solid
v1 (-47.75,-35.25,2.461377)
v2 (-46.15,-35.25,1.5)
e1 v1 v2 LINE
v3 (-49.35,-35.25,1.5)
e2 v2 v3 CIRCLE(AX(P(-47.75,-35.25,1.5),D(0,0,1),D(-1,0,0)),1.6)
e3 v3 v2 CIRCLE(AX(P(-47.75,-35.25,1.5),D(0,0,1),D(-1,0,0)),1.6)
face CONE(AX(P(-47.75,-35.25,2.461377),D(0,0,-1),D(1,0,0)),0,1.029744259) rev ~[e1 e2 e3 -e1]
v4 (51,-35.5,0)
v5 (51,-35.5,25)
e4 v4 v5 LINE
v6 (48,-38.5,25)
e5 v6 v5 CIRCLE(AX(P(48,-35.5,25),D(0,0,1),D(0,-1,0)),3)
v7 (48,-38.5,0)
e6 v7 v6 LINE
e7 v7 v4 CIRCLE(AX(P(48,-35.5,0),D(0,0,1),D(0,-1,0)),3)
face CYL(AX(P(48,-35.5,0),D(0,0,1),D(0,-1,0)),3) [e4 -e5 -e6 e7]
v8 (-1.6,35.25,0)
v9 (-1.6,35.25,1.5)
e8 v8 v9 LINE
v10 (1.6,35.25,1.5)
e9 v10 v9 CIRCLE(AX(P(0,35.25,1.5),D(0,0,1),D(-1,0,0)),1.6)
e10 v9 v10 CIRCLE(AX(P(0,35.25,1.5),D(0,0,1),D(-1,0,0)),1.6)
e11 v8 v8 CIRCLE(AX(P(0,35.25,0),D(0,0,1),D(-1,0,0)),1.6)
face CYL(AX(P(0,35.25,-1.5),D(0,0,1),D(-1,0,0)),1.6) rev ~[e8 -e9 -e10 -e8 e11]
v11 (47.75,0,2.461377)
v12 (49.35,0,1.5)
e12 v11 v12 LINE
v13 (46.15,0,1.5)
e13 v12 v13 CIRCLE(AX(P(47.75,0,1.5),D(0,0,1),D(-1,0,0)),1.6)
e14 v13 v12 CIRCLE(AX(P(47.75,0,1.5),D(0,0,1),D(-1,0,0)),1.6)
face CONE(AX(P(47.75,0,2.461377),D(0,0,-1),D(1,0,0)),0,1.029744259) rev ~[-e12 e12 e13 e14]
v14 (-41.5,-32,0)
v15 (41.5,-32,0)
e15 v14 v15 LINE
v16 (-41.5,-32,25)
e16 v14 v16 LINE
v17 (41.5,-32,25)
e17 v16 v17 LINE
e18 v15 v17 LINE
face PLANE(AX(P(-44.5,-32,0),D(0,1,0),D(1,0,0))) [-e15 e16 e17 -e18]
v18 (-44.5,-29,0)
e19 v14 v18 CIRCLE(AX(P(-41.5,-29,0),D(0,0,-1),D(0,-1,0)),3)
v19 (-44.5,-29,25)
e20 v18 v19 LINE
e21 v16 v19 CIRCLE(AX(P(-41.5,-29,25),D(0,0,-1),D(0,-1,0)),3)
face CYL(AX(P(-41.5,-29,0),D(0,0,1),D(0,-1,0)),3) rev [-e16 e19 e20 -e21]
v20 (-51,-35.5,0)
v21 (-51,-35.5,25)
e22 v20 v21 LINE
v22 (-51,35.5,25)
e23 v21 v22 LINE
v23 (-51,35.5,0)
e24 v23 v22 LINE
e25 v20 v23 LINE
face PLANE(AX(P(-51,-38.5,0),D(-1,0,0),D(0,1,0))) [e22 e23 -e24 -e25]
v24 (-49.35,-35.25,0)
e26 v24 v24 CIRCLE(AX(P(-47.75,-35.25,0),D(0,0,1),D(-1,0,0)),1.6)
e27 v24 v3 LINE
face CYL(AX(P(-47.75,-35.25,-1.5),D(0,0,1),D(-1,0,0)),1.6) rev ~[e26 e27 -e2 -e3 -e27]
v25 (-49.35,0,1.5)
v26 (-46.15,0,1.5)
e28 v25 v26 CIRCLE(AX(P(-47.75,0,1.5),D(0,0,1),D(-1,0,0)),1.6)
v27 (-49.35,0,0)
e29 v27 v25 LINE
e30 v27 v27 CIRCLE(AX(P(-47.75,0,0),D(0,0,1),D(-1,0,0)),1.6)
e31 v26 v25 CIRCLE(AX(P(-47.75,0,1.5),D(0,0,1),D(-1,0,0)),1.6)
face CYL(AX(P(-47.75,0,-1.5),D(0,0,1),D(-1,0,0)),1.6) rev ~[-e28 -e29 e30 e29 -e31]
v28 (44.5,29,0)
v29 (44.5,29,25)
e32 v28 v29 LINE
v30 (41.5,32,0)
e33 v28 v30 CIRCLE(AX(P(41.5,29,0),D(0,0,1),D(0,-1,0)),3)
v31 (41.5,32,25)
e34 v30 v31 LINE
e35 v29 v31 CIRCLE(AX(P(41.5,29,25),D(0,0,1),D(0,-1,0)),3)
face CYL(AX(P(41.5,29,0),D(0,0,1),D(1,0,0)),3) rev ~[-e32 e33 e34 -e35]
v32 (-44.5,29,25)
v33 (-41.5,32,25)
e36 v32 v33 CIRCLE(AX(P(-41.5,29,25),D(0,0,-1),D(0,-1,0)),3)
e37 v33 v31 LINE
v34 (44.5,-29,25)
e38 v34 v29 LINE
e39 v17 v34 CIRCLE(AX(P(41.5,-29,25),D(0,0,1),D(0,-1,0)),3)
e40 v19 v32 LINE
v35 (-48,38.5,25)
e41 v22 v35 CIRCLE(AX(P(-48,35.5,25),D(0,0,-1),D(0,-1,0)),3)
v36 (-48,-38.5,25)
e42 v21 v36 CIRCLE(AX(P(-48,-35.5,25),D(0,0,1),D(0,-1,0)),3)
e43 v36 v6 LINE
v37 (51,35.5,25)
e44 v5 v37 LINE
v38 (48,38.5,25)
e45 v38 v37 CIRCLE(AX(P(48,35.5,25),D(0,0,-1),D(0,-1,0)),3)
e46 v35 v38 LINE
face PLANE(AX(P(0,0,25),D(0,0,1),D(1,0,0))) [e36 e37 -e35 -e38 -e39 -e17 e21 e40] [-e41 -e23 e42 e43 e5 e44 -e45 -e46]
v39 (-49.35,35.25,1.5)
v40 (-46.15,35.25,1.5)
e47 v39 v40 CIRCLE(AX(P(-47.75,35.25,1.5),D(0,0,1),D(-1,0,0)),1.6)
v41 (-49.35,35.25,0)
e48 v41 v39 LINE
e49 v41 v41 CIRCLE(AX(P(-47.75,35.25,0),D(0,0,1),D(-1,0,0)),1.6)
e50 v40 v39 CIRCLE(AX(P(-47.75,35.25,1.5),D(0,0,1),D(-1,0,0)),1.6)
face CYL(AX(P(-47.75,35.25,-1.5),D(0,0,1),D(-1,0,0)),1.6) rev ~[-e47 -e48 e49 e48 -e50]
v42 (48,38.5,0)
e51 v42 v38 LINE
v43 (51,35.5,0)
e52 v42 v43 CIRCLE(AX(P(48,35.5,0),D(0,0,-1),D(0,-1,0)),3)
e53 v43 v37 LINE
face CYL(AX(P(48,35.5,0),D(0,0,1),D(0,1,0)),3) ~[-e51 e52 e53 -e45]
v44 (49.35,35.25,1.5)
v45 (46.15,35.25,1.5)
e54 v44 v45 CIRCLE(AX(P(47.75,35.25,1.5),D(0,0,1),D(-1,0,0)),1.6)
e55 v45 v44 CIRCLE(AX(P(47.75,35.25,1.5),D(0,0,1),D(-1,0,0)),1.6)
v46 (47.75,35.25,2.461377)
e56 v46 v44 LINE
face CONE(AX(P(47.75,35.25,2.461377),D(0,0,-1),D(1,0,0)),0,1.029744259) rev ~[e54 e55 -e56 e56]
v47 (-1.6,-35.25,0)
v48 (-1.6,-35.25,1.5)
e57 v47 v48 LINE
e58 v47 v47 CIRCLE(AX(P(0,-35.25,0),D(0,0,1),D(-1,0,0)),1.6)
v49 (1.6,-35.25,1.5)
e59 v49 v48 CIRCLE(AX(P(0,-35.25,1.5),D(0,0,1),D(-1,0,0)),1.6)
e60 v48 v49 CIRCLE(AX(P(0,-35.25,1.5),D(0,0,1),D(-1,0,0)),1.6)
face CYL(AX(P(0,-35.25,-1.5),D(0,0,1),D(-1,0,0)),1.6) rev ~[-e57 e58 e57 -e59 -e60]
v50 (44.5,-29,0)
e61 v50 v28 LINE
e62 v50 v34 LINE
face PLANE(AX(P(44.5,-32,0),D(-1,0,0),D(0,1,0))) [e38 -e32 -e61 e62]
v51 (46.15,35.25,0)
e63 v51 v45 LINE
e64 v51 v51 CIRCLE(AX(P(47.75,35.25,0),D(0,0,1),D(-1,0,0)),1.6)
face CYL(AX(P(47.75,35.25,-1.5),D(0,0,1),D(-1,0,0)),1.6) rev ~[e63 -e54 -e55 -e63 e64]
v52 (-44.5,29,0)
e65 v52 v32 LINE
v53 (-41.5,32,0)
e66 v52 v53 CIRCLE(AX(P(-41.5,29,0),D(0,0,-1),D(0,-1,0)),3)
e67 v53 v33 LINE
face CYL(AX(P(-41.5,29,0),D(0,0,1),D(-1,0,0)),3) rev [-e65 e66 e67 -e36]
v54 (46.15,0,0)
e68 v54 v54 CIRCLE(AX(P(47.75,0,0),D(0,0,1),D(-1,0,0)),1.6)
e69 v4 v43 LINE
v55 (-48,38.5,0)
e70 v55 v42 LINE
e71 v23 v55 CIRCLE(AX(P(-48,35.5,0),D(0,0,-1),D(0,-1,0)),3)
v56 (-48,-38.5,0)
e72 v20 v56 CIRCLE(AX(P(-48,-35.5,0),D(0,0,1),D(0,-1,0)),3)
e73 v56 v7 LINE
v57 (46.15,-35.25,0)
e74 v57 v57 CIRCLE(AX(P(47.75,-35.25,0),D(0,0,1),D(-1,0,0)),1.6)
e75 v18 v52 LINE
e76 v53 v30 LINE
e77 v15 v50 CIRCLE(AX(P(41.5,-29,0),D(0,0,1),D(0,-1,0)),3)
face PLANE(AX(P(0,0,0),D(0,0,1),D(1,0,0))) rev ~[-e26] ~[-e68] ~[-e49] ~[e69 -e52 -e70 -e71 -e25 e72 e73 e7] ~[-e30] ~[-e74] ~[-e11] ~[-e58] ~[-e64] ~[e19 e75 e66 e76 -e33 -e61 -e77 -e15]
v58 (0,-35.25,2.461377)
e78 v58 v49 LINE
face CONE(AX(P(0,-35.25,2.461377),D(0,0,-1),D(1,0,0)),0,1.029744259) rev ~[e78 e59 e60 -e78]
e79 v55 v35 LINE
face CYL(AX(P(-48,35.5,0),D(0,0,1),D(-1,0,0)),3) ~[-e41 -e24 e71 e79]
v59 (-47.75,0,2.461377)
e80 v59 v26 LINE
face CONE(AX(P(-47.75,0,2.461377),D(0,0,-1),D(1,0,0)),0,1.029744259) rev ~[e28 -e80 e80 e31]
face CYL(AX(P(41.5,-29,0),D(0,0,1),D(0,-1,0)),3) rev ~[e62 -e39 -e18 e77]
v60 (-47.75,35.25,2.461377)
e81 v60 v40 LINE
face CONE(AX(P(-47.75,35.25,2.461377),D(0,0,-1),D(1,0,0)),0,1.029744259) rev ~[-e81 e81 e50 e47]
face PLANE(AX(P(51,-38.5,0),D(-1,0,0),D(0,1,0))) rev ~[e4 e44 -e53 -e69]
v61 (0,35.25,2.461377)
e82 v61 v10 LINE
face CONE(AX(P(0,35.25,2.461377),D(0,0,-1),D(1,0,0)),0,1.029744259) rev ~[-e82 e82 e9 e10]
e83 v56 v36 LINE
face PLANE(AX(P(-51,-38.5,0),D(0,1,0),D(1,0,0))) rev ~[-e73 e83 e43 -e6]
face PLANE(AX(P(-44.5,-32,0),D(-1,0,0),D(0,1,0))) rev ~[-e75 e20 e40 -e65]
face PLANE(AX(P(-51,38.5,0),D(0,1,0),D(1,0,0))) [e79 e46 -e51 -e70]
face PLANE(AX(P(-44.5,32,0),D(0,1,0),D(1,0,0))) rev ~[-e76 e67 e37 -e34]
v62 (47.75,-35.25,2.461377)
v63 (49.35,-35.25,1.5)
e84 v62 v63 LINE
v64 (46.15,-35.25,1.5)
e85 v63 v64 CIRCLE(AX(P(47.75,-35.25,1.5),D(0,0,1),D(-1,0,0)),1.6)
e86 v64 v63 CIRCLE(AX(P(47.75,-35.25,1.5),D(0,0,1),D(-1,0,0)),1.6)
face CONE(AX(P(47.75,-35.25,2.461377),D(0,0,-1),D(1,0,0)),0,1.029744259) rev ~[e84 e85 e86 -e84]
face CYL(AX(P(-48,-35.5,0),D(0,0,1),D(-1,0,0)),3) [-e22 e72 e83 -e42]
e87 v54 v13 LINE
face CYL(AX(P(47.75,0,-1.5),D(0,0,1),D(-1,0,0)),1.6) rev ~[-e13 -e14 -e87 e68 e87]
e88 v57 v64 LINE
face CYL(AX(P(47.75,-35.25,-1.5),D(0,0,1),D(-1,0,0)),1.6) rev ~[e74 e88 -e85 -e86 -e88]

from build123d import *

# Parameters (mm, degrees)
F0_W     = 102
F0_H     = 77
F0_W_2   = 89
F0_H_2   = 64
F1_DEPTH = 25
F2_D     = 3.2
F2_DEPTH = 1.5
F2_TIP   = 0.9613769904
F3_R     = 3


with BuildPart() as f1:
    # F0 (on Top) → F1 (new body)
    with BuildSketch(Plane.XY):
        Rectangle(F0_W, F0_H)
        Rectangle(F0_W_2, F0_H_2, mode=Mode.SUBTRACT)
    extrude(amount=F1_DEPTH)

    # F2
    with Locations(Plane(origin=(0, 0, 0), x_dir=(1, 0, 0), z_dir=(0, 0, -1))):
        with Locations((-47.75, 35.25), (0, 35.25), (47.75, 35.25), (47.75, 0), (47.75, -35.25), (0, -35.25), (-47.75, -35.25), (-47.75, 0)):
            Hole(F2_D / 2, depth=F2_DEPTH)
            with Locations((0, 0, -(F2_DEPTH + F2_TIP / 2))):  # 118° drill point
                Cone(0, F2_D / 2, F2_TIP, mode=Mode.SUBTRACT)

    # F3
    f3_edges = [f1.edges().sort_by_distance(p)[0] for p in [
        (-44.5, -32, 12.5),
        (44.5, -32, 12.5),
        (-44.5, 32, 12.5),
        (44.5, 32, 12.5),
        (-51, -38.5, 12.5),
        (-51, 38.5, 12.5),
        (51, 38.5, 12.5),
        (51, -38.5, 12.5),
    ]]
    fillet(f3_edges, radius=F3_R)


solid = f1.part
